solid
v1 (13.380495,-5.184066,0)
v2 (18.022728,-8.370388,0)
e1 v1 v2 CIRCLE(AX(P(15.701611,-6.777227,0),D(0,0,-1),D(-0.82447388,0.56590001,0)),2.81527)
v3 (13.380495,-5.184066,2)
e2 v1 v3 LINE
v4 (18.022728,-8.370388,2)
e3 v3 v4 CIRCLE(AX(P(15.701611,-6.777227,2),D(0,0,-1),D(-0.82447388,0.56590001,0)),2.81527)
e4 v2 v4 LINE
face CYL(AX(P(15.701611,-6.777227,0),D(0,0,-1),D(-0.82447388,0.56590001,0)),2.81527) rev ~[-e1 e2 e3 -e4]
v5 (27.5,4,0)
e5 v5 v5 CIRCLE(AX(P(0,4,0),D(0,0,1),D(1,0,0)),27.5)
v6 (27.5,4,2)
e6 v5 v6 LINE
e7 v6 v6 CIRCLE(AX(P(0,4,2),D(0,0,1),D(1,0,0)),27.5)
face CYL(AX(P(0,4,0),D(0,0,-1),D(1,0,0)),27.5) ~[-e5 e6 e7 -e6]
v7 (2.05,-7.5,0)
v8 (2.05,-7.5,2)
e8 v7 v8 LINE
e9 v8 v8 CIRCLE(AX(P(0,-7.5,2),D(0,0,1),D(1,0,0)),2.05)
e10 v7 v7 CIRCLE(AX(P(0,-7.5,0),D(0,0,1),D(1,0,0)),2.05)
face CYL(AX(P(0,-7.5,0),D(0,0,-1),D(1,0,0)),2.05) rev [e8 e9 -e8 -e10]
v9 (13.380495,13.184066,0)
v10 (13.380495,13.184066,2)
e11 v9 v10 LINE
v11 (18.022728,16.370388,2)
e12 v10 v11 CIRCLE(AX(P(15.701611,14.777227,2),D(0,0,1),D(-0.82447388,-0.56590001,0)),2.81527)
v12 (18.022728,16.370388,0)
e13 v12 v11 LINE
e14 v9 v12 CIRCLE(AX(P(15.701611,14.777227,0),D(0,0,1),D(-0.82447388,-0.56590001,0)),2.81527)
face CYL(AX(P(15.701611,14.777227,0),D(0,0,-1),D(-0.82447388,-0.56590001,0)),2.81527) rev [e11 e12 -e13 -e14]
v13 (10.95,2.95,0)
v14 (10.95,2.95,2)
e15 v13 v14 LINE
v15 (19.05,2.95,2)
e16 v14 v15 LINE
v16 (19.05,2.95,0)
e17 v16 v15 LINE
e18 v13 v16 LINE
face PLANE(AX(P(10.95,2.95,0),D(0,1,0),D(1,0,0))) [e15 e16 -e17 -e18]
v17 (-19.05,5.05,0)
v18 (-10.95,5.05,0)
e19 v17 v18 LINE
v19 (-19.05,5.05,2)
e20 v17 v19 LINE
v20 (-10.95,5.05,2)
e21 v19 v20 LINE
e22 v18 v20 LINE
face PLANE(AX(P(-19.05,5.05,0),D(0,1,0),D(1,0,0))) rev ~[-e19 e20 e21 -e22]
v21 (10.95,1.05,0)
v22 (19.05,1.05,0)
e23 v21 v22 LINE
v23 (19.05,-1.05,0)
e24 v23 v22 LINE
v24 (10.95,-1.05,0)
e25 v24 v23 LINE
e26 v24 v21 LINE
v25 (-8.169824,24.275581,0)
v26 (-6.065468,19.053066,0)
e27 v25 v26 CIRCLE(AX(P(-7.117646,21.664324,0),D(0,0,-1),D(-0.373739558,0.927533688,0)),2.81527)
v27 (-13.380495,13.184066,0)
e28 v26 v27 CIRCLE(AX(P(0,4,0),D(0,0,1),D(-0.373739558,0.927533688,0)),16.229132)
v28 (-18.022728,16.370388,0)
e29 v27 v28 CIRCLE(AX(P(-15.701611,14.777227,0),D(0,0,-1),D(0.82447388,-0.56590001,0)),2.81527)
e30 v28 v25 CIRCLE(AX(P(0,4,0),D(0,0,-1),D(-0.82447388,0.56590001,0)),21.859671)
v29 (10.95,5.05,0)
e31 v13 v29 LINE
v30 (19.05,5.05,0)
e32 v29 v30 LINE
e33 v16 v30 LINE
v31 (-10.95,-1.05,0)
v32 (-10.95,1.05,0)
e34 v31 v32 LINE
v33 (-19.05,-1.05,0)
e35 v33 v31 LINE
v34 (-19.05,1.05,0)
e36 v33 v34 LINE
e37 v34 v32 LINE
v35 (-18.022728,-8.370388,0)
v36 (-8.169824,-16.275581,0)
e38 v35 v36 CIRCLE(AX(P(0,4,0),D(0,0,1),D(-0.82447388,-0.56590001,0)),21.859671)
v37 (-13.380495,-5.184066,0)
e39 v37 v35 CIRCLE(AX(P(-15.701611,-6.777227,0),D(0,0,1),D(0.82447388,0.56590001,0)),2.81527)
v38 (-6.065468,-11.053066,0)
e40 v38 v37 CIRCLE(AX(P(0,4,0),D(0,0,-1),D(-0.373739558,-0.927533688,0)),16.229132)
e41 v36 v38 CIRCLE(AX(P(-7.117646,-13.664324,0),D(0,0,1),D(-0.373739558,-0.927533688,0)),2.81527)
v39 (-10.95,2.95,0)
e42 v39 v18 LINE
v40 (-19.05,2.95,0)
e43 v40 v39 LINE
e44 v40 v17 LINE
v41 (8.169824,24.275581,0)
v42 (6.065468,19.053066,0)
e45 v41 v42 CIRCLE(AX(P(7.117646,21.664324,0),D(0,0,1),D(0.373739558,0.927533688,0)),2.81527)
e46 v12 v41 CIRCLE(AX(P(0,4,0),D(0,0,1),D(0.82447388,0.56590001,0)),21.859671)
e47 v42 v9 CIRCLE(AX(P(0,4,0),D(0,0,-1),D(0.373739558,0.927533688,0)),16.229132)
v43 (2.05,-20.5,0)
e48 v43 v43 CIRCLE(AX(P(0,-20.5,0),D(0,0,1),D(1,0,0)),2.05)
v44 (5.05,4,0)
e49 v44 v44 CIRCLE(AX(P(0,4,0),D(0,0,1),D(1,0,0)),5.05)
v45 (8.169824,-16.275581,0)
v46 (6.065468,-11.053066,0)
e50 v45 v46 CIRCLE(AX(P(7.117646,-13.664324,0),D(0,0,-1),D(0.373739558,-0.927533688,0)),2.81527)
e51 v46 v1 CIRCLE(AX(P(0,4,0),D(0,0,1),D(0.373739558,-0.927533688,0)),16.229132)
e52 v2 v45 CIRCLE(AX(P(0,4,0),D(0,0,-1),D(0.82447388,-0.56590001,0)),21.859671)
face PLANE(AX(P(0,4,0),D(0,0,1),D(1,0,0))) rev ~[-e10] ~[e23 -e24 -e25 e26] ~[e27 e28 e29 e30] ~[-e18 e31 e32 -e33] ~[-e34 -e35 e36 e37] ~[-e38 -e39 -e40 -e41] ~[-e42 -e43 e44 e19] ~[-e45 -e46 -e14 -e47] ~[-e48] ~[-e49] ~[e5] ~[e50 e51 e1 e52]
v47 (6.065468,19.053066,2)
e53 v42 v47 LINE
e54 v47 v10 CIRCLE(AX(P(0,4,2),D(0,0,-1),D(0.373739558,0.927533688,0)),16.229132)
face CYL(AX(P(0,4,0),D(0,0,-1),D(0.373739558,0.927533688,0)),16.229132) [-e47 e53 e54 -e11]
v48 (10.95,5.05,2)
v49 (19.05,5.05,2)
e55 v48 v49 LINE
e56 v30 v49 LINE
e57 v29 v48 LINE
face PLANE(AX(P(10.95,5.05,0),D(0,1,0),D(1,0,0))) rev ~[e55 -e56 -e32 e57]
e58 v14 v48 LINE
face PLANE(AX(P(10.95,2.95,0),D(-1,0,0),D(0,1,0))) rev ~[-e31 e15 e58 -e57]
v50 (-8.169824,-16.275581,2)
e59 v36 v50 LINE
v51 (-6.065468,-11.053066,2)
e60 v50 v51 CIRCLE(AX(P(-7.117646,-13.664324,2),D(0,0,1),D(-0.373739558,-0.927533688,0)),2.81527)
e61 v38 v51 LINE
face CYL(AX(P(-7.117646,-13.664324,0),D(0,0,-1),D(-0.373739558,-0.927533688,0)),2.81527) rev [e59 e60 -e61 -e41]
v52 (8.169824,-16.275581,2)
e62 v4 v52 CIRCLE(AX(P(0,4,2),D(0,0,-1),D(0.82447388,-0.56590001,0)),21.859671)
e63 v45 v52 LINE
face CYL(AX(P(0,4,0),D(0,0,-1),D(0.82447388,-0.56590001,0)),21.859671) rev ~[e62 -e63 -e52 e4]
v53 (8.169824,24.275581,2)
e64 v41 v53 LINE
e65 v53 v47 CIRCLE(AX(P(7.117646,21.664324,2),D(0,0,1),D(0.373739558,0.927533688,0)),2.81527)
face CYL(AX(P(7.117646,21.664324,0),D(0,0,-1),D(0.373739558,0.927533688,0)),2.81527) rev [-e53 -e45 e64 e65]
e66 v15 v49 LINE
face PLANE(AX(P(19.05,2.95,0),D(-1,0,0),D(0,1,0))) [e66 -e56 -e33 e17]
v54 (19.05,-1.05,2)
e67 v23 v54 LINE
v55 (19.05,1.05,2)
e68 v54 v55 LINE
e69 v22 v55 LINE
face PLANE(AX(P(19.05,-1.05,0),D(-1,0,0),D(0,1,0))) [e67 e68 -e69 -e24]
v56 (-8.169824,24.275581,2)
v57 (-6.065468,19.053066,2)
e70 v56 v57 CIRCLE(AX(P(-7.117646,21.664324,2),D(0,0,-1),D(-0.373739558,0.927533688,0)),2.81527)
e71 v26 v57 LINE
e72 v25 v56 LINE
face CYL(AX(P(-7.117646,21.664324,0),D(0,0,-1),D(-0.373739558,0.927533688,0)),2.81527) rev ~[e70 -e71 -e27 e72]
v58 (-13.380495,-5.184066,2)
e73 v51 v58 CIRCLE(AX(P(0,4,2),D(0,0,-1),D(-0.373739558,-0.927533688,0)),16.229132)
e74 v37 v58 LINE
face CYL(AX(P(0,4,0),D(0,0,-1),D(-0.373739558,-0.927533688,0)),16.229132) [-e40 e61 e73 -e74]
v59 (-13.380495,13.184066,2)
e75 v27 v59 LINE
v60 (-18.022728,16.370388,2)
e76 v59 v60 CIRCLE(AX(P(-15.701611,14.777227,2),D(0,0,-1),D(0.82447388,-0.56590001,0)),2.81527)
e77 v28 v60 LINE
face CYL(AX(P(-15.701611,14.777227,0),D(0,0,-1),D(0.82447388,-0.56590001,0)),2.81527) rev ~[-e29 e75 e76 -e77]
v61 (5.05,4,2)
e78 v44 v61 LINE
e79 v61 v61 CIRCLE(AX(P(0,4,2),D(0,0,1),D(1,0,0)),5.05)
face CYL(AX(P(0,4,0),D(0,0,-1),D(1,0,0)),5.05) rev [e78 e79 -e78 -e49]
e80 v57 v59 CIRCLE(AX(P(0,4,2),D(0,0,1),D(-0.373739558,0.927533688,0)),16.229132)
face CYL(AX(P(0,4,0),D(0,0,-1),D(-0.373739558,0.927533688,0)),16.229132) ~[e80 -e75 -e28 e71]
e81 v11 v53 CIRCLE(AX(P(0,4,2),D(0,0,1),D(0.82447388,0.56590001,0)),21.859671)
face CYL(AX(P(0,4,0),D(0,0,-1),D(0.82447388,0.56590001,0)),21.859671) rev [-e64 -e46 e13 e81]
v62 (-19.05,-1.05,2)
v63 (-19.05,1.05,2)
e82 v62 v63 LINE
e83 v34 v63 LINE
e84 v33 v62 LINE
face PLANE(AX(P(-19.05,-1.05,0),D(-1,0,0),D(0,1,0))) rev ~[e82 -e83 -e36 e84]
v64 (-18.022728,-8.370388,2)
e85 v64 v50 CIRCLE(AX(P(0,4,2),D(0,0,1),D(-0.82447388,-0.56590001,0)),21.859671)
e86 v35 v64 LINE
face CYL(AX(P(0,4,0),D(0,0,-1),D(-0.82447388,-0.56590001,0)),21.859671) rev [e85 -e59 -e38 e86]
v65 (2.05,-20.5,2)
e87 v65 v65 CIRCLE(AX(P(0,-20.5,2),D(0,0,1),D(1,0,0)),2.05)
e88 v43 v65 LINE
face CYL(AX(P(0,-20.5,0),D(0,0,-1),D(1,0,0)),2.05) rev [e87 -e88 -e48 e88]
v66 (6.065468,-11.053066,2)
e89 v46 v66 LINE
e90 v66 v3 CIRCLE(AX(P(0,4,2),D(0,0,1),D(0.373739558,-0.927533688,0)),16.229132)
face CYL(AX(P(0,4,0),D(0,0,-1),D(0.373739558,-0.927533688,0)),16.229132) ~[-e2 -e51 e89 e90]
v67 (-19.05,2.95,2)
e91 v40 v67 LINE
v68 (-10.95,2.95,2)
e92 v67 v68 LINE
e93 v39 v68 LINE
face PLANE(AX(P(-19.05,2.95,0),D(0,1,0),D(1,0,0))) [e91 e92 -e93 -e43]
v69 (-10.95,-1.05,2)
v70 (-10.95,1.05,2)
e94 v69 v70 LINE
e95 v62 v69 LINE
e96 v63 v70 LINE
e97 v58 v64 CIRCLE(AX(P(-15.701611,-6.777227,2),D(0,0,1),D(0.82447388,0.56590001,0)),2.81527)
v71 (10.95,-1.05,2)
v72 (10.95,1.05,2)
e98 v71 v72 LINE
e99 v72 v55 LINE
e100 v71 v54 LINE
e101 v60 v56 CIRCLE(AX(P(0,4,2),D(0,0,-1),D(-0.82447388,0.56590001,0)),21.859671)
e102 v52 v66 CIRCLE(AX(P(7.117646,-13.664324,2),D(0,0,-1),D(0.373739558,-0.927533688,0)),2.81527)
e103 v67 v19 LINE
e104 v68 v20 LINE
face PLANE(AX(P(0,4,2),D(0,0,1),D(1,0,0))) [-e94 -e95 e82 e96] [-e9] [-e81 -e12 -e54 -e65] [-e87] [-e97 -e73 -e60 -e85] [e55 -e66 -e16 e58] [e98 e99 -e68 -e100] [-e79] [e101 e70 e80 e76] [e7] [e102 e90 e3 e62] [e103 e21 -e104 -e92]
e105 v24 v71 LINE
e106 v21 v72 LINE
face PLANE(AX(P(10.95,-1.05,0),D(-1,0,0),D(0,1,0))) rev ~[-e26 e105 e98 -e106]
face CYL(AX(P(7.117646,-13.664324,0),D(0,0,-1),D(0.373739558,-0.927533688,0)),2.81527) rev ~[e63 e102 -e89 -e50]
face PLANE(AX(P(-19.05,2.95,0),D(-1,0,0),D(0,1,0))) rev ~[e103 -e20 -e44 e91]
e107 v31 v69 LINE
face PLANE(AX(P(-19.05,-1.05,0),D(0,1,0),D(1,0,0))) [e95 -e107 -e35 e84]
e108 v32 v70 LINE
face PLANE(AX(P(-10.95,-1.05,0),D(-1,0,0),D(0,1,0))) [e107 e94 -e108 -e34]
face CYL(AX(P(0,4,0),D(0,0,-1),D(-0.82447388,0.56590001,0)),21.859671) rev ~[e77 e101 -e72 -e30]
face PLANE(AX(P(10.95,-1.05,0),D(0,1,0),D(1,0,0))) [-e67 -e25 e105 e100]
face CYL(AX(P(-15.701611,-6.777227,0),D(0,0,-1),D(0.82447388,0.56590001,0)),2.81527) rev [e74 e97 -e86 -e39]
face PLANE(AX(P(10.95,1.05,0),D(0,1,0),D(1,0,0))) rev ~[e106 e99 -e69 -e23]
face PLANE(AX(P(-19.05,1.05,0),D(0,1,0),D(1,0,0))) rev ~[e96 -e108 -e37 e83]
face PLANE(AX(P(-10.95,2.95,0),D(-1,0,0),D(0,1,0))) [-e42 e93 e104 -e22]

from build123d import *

# Parameters (mm, degrees)
SKETCH_1_R      = 27.5
SKETCH_1_R_2    = 5.05
SKETCH_1_R_3    = 2.05
SKETCH_1_W      = 8.1
SKETCH_1_H      = 2.1
EXTRUDE_1_DEPTH = 2


with BuildPart() as part:
    # 草图1 → 凸台-拉伸1 (new body)
    with BuildSketch(Plane.XY):
        with Locations((0, 4)):
            Circle(SKETCH_1_R)
        with Locations((0, 4)):
            Circle(SKETCH_1_R_2, mode=Mode.SUBTRACT)
        with Locations((0, -7.5)):
            Circle(SKETCH_1_R_3, mode=Mode.SUBTRACT)
        with Locations((0, -20.5)):
            Circle(SKETCH_1_R_3, mode=Mode.SUBTRACT)
        with Locations((-15, 4)):
            Rectangle(SKETCH_1_W, SKETCH_1_H, mode=Mode.SUBTRACT)
        with Locations((-15, 0)):
            Rectangle(SKETCH_1_W, SKETCH_1_H, mode=Mode.SUBTRACT)
        with Locations((15, 4)):
            Rectangle(SKETCH_1_W, SKETCH_1_H, mode=Mode.SUBTRACT)
        with Locations((15, 0)):
            Rectangle(SKETCH_1_W, SKETCH_1_H, mode=Mode.SUBTRACT)
        with BuildLine():
            ThreePointArc((-18.02272766, -8.370387974), (-13.679746228, -13.050212729), (-8.169823727, -16.275581156))
            ThreePointArc((-8.169823727, -16.275581156), (-4.506388665, -14.716501354), (-6.065468468, -11.053066292))
            ThreePointArc((-6.065468468, -11.053066292), (-10.156163971, -8.658477236), (-13.380495097, -5.184065739))
            ThreePointArc((-13.380495097, -5.184065739), (-17.294772496, -4.456110575), (-18.02272766, -8.370387974))
        make_face(mode=Mode.SUBTRACT)
        with BuildLine():
            ThreePointArc((18.02272766, -8.370387974), (13.679746228, -13.050212729), (8.169823727, -16.275581156))
            ThreePointArc((8.169823727, -16.275581156), (4.506388665, -14.716501354), (6.065468468, -11.053066292))
            ThreePointArc((6.065468468, -11.053066292), (10.156163971, -8.658477236), (13.380495097, -5.184065739))
            ThreePointArc((13.380495097, -5.184065739), (17.294772496, -4.456110575), (18.02272766, -8.370387974))
        make_face(mode=Mode.SUBTRACT)
        with BuildLine():
            ThreePointArc((18.02272766, 16.370387974), (13.679746228, 21.050212729), (8.169823727, 24.275581156))
            ThreePointArc((8.169823727, 24.275581156), (4.506388665, 22.716501354), (6.065468468, 19.053066292))
            ThreePointArc((6.065468468, 19.053066292), (10.156163971, 16.658477236), (13.380495097, 13.184065739))
            ThreePointArc((13.380495097, 13.184065739), (17.294772496, 12.456110575), (18.02272766, 16.370387974))
        make_face(mode=Mode.SUBTRACT)
        with BuildLine():
            ThreePointArc((-18.02272766, 16.370387974), (-13.679746228, 21.050212729), (-8.169823727, 24.275581156))
            ThreePointArc((-8.169823727, 24.275581156), (-4.506388665, 22.716501354), (-6.065468468, 19.053066292))
            ThreePointArc((-6.065468468, 19.053066292), (-10.156163971, 16.658477236), (-13.380495097, 13.184065739))
            ThreePointArc((-13.380495097, 13.184065739), (-17.294772496, 12.456110575), (-18.02272766, 16.370387974))
        make_face(mode=Mode.SUBTRACT)
    extrude(amount=EXTRUDE_1_DEPTH)


solid = part.part
